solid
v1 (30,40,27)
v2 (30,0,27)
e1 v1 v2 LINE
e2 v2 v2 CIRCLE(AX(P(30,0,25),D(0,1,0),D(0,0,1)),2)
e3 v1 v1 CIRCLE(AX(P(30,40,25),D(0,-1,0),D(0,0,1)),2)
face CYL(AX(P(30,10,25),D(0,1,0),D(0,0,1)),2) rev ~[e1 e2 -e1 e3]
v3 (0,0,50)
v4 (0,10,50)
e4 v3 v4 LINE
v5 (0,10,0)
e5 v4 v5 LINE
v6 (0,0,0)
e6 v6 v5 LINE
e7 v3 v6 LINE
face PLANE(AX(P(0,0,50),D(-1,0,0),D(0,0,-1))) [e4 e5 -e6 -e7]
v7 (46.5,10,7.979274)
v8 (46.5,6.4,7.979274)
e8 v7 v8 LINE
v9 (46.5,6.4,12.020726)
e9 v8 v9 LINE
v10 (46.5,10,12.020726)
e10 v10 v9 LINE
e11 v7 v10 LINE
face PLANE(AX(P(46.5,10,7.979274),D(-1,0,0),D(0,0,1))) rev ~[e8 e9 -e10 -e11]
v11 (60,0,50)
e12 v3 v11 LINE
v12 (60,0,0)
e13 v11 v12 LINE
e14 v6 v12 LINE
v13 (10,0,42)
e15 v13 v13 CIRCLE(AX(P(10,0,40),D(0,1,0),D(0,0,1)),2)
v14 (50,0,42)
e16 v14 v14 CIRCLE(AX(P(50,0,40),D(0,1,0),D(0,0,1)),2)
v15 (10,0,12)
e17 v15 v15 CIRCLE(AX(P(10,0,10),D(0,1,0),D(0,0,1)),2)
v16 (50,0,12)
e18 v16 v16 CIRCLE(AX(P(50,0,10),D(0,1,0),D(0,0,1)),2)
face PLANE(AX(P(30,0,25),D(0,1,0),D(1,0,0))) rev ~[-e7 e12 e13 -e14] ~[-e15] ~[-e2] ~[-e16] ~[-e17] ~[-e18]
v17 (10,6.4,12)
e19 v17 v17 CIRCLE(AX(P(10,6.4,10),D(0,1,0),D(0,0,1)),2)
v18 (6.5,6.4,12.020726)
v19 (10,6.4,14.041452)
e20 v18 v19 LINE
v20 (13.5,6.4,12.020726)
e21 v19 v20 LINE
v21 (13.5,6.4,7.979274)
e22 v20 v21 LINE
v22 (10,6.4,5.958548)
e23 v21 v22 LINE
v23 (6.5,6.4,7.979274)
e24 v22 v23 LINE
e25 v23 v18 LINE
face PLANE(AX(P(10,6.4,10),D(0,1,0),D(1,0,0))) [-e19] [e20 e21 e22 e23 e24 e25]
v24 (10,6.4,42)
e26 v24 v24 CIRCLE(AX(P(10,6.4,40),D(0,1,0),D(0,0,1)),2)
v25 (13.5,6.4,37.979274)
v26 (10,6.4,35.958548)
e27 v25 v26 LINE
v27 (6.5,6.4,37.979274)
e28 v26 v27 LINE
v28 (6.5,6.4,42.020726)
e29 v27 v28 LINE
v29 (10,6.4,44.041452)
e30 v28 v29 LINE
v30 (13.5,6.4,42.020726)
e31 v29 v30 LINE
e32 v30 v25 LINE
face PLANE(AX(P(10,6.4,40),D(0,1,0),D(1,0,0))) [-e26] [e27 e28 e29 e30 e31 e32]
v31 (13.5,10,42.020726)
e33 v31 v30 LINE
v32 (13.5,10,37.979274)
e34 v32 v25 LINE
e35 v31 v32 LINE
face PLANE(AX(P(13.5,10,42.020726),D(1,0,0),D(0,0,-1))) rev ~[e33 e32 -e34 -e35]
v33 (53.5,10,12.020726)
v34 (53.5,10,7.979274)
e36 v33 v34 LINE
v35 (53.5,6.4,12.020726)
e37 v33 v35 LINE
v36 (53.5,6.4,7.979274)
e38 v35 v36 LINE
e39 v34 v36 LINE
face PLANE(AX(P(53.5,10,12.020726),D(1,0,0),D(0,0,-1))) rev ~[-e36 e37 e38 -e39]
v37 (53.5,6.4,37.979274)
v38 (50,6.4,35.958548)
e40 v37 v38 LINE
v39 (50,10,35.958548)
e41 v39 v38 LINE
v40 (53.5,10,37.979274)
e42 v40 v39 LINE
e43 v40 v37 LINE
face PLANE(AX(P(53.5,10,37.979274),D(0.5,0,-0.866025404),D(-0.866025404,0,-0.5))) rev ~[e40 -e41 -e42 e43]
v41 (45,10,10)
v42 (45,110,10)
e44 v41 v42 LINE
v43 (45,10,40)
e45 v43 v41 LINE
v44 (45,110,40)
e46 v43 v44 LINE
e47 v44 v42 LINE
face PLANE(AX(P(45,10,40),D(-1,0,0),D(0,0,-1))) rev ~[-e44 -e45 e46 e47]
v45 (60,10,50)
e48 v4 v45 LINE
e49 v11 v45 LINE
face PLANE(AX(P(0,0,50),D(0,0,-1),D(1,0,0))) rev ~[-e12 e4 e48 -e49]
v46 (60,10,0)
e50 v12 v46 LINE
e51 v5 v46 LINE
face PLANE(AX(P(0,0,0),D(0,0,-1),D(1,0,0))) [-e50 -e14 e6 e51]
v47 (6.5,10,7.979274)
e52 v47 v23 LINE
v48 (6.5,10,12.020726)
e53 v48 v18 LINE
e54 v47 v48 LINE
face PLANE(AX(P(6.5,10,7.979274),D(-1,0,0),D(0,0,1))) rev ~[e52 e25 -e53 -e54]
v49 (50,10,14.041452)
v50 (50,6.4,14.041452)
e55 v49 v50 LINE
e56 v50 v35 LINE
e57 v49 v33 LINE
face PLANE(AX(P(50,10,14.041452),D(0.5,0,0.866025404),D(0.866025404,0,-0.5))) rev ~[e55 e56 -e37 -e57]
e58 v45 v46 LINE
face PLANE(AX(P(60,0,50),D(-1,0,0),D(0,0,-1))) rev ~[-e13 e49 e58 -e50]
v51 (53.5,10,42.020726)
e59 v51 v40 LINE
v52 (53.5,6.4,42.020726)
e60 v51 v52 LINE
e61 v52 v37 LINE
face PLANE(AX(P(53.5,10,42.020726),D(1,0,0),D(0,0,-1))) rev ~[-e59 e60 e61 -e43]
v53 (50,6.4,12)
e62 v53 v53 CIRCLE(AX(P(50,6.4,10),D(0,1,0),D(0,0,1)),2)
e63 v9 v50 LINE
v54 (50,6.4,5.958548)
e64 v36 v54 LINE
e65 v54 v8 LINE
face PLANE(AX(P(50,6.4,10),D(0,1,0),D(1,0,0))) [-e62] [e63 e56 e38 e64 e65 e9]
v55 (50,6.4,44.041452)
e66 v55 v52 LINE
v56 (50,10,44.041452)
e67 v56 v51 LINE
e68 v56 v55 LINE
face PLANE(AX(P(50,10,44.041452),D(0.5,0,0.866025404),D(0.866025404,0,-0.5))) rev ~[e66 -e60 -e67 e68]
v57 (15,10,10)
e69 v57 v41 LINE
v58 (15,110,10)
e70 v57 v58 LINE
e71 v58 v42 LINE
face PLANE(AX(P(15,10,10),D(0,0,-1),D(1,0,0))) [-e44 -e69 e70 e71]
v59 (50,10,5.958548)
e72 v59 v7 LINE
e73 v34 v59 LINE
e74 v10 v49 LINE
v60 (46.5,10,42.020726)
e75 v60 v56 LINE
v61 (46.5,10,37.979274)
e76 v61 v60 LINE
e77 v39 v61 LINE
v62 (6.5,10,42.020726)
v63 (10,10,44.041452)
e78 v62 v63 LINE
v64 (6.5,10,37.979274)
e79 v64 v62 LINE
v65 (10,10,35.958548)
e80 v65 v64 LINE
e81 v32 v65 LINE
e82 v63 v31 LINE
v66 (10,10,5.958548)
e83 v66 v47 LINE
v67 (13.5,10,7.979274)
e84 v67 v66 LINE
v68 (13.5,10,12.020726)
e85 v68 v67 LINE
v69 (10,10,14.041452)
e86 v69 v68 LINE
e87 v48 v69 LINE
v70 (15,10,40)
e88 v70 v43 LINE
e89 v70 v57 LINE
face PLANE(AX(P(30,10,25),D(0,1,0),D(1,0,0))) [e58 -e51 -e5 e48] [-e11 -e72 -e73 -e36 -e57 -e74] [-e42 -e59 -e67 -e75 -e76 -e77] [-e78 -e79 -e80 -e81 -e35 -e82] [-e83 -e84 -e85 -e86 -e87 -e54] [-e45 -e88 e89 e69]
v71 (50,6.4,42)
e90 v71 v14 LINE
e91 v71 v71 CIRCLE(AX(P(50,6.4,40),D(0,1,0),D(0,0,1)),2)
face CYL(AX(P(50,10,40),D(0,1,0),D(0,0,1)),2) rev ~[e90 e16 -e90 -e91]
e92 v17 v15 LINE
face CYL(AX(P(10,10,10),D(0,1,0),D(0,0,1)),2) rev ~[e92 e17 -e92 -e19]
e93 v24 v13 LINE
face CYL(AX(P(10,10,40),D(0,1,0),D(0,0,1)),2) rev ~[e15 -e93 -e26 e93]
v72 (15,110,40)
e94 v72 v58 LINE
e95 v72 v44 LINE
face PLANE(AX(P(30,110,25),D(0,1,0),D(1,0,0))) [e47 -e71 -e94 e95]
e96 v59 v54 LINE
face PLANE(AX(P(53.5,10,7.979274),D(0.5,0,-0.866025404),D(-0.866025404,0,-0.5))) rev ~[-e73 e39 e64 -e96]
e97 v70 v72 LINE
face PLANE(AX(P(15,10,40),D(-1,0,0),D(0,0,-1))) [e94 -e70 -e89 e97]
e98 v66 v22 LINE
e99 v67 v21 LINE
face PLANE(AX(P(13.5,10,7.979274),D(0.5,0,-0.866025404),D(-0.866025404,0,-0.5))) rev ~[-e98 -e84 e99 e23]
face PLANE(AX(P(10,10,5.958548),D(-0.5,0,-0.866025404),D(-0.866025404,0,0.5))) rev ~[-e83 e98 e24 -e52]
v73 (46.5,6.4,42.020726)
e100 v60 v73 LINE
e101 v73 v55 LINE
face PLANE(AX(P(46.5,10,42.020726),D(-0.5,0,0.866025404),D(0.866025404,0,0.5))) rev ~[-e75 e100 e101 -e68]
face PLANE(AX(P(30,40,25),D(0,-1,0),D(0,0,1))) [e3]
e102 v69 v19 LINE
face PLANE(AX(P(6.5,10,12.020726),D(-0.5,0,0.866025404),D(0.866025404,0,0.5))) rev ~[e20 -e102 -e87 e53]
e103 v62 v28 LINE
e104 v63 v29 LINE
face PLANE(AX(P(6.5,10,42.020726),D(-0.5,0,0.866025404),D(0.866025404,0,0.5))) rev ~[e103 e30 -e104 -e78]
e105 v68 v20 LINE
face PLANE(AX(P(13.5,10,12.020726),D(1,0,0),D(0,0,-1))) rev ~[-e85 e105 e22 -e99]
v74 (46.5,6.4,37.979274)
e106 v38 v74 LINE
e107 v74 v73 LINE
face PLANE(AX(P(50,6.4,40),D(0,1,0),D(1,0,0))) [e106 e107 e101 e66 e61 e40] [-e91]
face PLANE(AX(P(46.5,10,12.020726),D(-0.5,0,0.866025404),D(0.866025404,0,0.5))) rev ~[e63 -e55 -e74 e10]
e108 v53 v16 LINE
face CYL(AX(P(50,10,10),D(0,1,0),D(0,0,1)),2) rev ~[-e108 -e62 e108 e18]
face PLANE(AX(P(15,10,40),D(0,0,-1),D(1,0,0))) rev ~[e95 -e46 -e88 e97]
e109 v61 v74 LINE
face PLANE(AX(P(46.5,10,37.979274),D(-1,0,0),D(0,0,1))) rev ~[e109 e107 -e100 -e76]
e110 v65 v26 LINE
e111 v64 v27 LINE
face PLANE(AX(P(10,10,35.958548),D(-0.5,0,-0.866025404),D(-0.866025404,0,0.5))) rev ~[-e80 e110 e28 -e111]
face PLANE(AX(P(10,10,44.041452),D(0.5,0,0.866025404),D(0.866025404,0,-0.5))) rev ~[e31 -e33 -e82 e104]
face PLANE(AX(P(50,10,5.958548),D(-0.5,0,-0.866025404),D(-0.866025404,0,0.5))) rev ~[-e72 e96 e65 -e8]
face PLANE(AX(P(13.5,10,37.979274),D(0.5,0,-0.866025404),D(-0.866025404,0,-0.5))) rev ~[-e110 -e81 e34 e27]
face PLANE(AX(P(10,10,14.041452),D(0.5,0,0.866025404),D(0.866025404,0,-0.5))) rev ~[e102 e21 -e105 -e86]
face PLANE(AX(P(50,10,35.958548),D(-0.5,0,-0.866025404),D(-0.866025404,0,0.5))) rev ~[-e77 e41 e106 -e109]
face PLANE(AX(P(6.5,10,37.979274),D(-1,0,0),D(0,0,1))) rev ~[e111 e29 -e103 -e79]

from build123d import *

# Parameters (mm, degrees)
SKETCH1_W           = 60
SKETCH1_H           = 50
BOSS_EXTRUDE1_DEPTH = 10
SKETCH2_R           = 2
CUT_EXTRUDE1_DEPTH  = 79.74007874
CUT_EXTRUDE2_DEPTH  = 3.6
SKETCH4_W           = 30
SKETCH4_H           = 30
BOSS_EXTRUDE2_DEPTH = 100
CUT_EXTRUDE5_START  = -30
SKETCH6_R           = 2
CUT_EXTRUDE5_DEPTH  = 30


with BuildPart() as part:
    # Sketch1 → Boss-Extrude1 (new body)
    with BuildSketch(Plane(origin=(0, 0, 0), x_dir=(1, 0, 0), z_dir=(0, 1, 0))):
        with Locations((30, -25)):
            Rectangle(SKETCH1_W, SKETCH1_H)
    extrude(amount=BOSS_EXTRUDE1_DEPTH)

    # Sketch2 → Cut-Extrude1 (cut, through all)
    with BuildSketch(Plane(origin=(0, 10, 0), x_dir=(1, 0, 0), z_dir=(0, 1, 0))):
        with Locations(Location((50, -10, 0), (0, 0, 270))):
            Circle(SKETCH2_R)
        with Locations(Location((10, -10, 0), (0, 0, 270))):
            Circle(SKETCH2_R)
        with Locations(Location((10, -40, 0), (0, 0, 270))):
            Circle(SKETCH2_R)
        with Locations(Location((50, -40, 0), (0, 0, 270))):
            Circle(SKETCH2_R)
        with Locations(Location((30, -25, 0), (0, 0, 270))):
            Circle(SKETCH2_R)
    extrude(amount=-CUT_EXTRUDE1_DEPTH, mode=Mode.SUBTRACT)

    # Sketch3 → Cut-Extrude2 (cut)
    with BuildSketch(Plane(origin=(0, 10, 0), x_dir=(1, 0, 0), z_dir=(0, 1, 0))):
        Polygon((10, -35.958548116), (6.5, -37.979274058), (6.5, -42.020725942), (10, -44.041451884), (13.5, -42.020725942), (13.5, -37.979274058), align=None)
        Polygon((50, -35.958548116), (46.5, -37.979274058), (46.5, -42.020725942), (50, -44.041451884), (53.5, -42.020725942), (53.5, -37.979274058), align=None)
        Polygon((50, -5.958548116), (46.5, -7.979274058), (46.5, -12.020725942), (50, -14.041451884), (53.5, -12.020725942), (53.5, -7.979274058), align=None)
        Polygon((10, -5.958548116), (6.5, -7.979274058), (6.5, -12.020725942), (10, -14.041451884), (13.5, -12.020725942), (13.5, -7.979274058), align=None)
    extrude(amount=-CUT_EXTRUDE2_DEPTH, mode=Mode.SUBTRACT)

    # Sketch4 → Boss-Extrude2 (add)
    with BuildSketch(Plane(origin=(0, 10, 0), x_dir=(1, 0, 0), z_dir=(0, 1, 0))):
        with Locations((30, -25)):
            Rectangle(SKETCH4_W, SKETCH4_H)
    extrude(amount=BOSS_EXTRUDE2_DEPTH)

    # Sketch6 → Cut-Extrude5 (cut)
    with BuildSketch(Plane.XZ.offset(-10).offset(CUT_EXTRUDE5_START)):
        with Locations(Location((30, 25, 0), (0, 0, 90))):
            Circle(SKETCH6_R)
    extrude(amount=CUT_EXTRUDE5_DEPTH, mode=Mode.SUBTRACT)


solid = part.part
